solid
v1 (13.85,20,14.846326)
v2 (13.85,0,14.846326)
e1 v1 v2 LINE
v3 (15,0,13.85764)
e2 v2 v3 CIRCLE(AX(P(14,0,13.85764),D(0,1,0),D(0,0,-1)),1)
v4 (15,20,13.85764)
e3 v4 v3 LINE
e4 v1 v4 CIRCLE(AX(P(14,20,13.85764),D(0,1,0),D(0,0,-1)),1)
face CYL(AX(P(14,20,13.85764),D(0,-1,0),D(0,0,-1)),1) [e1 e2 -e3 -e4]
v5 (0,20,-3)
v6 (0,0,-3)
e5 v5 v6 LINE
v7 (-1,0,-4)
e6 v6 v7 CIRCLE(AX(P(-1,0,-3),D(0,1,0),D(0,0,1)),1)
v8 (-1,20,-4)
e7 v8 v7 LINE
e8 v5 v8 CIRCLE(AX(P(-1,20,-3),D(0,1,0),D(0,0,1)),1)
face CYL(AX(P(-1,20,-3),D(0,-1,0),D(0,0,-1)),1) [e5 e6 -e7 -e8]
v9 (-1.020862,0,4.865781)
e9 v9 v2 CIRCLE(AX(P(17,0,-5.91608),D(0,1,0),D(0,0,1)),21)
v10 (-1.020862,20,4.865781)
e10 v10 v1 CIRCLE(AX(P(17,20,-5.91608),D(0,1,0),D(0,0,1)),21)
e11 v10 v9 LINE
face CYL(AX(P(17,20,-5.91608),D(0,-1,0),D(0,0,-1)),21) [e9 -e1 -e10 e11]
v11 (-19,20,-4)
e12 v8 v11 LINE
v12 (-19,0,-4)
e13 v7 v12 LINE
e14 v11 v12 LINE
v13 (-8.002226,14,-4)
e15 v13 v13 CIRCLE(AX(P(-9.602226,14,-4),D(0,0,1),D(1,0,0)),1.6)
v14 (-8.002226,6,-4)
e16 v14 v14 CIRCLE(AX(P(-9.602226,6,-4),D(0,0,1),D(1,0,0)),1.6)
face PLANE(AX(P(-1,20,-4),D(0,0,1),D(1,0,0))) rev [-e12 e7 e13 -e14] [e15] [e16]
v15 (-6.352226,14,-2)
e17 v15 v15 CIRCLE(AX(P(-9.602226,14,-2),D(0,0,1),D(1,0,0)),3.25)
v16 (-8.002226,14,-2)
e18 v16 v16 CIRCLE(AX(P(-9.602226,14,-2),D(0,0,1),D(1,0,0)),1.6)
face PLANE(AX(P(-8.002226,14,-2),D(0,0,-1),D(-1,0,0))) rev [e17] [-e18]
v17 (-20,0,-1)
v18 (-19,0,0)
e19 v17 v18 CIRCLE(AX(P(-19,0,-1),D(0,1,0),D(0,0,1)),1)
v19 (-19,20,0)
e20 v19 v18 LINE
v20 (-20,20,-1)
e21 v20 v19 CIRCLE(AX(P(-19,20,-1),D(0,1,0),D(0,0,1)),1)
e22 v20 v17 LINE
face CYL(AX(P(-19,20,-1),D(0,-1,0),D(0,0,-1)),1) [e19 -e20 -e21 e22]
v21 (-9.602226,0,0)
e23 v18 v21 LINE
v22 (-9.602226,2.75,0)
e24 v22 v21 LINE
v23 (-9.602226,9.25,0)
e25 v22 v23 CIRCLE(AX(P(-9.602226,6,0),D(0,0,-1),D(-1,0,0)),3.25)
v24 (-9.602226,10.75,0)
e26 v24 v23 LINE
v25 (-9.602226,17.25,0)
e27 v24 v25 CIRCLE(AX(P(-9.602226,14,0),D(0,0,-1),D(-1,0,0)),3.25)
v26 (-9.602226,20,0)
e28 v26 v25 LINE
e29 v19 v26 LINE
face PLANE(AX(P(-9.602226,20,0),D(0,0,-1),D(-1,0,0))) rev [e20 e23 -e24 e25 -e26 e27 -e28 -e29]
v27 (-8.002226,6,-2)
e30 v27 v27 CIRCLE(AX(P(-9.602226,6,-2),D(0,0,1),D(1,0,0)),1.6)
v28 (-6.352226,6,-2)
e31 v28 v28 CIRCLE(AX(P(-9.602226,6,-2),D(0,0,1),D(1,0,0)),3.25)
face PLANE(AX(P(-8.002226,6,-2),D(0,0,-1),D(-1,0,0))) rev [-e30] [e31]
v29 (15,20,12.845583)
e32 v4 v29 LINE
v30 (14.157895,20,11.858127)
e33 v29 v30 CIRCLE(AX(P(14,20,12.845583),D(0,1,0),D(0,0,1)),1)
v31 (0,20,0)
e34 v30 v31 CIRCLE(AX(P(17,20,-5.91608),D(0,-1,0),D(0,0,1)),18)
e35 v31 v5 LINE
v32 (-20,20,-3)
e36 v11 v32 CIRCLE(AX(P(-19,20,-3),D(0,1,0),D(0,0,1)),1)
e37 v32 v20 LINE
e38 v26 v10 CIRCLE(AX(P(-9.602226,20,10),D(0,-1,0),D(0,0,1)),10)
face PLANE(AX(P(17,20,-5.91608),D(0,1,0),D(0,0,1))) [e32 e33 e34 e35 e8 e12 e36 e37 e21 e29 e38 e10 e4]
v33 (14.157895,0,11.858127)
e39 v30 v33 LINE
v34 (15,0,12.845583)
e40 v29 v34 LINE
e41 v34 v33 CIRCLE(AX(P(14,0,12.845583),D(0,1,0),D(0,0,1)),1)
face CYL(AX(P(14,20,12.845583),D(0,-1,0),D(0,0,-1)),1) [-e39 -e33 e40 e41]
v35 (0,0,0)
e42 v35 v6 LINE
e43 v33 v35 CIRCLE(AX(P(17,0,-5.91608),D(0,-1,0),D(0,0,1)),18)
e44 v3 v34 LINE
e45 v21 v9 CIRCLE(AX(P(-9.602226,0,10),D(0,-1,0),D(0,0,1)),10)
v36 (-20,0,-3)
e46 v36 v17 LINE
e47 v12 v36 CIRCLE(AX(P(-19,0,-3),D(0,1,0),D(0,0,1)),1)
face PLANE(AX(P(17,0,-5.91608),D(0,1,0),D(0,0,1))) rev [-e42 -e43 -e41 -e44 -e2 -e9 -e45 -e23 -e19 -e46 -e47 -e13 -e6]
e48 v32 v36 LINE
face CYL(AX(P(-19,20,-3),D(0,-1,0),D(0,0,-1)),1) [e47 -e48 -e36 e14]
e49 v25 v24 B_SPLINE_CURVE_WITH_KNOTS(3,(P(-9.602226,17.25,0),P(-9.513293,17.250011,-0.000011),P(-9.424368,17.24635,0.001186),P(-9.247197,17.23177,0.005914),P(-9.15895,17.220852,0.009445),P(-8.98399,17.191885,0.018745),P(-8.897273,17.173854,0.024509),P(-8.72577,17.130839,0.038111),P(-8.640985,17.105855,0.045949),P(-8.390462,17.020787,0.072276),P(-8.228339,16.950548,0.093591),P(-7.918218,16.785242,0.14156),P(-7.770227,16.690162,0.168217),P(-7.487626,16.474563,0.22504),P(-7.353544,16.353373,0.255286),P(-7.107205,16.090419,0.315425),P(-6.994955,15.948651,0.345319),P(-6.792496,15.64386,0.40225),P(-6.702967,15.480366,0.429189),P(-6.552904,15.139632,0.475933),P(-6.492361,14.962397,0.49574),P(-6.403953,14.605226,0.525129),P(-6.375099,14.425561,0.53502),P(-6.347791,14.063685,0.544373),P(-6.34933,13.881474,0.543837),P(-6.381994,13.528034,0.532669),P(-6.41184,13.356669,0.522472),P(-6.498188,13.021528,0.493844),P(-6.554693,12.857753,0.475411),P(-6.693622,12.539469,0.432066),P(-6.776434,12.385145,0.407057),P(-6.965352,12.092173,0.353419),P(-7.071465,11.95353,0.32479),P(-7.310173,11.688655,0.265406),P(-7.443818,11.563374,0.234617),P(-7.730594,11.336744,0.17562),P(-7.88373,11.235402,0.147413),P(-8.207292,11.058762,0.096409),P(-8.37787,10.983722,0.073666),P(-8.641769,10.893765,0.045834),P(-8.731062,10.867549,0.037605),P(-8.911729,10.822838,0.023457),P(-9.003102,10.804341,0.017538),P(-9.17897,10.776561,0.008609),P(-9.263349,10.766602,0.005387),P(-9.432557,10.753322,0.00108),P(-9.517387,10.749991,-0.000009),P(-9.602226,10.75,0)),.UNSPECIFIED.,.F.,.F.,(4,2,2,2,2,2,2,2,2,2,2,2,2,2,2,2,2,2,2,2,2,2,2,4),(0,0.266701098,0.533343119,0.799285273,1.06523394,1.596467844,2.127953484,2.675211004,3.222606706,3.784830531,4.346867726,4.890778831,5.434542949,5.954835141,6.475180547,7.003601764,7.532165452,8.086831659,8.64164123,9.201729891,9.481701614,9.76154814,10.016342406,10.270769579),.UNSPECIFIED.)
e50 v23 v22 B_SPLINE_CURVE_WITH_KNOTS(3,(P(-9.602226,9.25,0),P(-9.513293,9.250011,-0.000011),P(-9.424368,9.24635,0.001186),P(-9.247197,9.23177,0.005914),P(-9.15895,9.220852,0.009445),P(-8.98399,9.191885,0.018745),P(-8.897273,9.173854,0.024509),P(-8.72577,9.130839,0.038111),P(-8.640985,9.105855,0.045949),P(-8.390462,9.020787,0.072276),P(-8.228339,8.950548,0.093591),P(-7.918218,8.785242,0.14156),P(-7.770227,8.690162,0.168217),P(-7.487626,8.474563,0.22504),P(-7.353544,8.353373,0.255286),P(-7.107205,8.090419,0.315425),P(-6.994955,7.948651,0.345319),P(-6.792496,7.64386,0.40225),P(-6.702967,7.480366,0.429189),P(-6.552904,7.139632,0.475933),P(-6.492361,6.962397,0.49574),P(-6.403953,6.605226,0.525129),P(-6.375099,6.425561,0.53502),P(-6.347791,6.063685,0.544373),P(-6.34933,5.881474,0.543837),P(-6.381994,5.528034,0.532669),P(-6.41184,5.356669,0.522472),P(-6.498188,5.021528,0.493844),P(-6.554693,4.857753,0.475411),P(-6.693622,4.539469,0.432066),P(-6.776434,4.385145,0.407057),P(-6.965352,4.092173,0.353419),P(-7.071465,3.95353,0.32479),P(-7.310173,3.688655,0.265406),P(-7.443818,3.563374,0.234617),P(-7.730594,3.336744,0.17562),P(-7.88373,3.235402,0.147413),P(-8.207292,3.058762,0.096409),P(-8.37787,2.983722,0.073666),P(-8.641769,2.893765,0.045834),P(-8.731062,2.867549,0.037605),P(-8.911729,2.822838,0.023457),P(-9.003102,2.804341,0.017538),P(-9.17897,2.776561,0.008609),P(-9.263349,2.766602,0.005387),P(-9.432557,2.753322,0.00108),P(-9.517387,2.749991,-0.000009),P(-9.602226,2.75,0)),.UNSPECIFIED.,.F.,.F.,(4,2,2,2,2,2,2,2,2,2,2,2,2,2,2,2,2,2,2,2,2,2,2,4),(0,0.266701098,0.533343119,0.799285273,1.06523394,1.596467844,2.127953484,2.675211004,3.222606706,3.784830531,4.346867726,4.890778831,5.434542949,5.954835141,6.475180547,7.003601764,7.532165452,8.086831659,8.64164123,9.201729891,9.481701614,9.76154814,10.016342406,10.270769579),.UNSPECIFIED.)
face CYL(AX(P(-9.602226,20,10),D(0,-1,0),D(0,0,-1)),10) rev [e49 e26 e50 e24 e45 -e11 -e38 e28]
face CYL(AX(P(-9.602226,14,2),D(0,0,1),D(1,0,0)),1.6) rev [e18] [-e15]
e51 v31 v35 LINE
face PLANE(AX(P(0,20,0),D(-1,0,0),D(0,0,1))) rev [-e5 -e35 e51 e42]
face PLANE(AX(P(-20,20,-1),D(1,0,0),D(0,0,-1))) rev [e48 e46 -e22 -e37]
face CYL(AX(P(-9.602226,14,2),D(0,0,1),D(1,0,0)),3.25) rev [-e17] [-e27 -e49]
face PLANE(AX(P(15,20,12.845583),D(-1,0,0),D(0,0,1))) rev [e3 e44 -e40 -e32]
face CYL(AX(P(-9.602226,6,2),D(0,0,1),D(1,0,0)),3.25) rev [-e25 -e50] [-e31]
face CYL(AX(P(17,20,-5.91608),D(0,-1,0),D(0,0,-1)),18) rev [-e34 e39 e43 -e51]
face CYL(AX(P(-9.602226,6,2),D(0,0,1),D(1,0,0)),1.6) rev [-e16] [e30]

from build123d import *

# Parameters (mm, degrees)
BOSS_EXTRUDE1_DEPTH            = 20
CBORE_FOR_M3_SHCS2_D           = 3.2
CBORE_FOR_M3_SHCS2_CBORE_D     = 6.5
CBORE_FOR_M3_SHCS2_CBORE_DEPTH = 4


with BuildPart() as part:
    # Sketch1 → Boss-Extrude1 (new body)
    with BuildSketch(Plane(origin=(0, 0, 0), x_dir=(1, 0, 0), z_dir=(0, 1, 0))):
        with BuildLine():
            Line((15, -12.845583256), (15, -13.85764015))
            ThreePointArc((15, -13.85764015), (14.651920241, -14.615927695), (13.85, -14.846326147))
            ThreePointArc((13.85, -14.846326147), (5.297257748, -11.520830029), (-1.020862471, -4.865780715))
            ThreePointArc((-1.020862471, -4.865780715), (-4.669791713, -1.30108648), (-9.602225552, 0))
            Line((-9.602225552, 0), (-19, 0))
            ThreePointArc((-19, 0), (-19.707106781, 0.292893219), (-20, 1))
            Line((-20, 1), (-20, 3))
            ThreePointArc((-20, 3), (-19.707106781, 3.707106781), (-19, 4))
            Line((-19, 4), (-1, 4))
            ThreePointArc((-1, 4), (-0.292893219, 3.707106781), (0, 3))
            Line((0, 3), (0, 0))
            ThreePointArc((0, 0), (5.442271801, -7.883156387), (14.157894737, -11.858127307))
            ThreePointArc((14.157894737, -11.858127307), (14.76088591, -12.196697572), (15, -12.845583256))
        make_face()
    extrude(amount=BOSS_EXTRUDE1_DEPTH)

    # CBORE for M3 SHCS2 (through all)
    with Locations(Plane.XY.offset(2)):
        with Locations((-9.602225552, 14), (-9.602225552, 6)):
            CounterBoreHole(CBORE_FOR_M3_SHCS2_D / 2, CBORE_FOR_M3_SHCS2_CBORE_D / 2, CBORE_FOR_M3_SHCS2_CBORE_DEPTH)


solid = part.part
